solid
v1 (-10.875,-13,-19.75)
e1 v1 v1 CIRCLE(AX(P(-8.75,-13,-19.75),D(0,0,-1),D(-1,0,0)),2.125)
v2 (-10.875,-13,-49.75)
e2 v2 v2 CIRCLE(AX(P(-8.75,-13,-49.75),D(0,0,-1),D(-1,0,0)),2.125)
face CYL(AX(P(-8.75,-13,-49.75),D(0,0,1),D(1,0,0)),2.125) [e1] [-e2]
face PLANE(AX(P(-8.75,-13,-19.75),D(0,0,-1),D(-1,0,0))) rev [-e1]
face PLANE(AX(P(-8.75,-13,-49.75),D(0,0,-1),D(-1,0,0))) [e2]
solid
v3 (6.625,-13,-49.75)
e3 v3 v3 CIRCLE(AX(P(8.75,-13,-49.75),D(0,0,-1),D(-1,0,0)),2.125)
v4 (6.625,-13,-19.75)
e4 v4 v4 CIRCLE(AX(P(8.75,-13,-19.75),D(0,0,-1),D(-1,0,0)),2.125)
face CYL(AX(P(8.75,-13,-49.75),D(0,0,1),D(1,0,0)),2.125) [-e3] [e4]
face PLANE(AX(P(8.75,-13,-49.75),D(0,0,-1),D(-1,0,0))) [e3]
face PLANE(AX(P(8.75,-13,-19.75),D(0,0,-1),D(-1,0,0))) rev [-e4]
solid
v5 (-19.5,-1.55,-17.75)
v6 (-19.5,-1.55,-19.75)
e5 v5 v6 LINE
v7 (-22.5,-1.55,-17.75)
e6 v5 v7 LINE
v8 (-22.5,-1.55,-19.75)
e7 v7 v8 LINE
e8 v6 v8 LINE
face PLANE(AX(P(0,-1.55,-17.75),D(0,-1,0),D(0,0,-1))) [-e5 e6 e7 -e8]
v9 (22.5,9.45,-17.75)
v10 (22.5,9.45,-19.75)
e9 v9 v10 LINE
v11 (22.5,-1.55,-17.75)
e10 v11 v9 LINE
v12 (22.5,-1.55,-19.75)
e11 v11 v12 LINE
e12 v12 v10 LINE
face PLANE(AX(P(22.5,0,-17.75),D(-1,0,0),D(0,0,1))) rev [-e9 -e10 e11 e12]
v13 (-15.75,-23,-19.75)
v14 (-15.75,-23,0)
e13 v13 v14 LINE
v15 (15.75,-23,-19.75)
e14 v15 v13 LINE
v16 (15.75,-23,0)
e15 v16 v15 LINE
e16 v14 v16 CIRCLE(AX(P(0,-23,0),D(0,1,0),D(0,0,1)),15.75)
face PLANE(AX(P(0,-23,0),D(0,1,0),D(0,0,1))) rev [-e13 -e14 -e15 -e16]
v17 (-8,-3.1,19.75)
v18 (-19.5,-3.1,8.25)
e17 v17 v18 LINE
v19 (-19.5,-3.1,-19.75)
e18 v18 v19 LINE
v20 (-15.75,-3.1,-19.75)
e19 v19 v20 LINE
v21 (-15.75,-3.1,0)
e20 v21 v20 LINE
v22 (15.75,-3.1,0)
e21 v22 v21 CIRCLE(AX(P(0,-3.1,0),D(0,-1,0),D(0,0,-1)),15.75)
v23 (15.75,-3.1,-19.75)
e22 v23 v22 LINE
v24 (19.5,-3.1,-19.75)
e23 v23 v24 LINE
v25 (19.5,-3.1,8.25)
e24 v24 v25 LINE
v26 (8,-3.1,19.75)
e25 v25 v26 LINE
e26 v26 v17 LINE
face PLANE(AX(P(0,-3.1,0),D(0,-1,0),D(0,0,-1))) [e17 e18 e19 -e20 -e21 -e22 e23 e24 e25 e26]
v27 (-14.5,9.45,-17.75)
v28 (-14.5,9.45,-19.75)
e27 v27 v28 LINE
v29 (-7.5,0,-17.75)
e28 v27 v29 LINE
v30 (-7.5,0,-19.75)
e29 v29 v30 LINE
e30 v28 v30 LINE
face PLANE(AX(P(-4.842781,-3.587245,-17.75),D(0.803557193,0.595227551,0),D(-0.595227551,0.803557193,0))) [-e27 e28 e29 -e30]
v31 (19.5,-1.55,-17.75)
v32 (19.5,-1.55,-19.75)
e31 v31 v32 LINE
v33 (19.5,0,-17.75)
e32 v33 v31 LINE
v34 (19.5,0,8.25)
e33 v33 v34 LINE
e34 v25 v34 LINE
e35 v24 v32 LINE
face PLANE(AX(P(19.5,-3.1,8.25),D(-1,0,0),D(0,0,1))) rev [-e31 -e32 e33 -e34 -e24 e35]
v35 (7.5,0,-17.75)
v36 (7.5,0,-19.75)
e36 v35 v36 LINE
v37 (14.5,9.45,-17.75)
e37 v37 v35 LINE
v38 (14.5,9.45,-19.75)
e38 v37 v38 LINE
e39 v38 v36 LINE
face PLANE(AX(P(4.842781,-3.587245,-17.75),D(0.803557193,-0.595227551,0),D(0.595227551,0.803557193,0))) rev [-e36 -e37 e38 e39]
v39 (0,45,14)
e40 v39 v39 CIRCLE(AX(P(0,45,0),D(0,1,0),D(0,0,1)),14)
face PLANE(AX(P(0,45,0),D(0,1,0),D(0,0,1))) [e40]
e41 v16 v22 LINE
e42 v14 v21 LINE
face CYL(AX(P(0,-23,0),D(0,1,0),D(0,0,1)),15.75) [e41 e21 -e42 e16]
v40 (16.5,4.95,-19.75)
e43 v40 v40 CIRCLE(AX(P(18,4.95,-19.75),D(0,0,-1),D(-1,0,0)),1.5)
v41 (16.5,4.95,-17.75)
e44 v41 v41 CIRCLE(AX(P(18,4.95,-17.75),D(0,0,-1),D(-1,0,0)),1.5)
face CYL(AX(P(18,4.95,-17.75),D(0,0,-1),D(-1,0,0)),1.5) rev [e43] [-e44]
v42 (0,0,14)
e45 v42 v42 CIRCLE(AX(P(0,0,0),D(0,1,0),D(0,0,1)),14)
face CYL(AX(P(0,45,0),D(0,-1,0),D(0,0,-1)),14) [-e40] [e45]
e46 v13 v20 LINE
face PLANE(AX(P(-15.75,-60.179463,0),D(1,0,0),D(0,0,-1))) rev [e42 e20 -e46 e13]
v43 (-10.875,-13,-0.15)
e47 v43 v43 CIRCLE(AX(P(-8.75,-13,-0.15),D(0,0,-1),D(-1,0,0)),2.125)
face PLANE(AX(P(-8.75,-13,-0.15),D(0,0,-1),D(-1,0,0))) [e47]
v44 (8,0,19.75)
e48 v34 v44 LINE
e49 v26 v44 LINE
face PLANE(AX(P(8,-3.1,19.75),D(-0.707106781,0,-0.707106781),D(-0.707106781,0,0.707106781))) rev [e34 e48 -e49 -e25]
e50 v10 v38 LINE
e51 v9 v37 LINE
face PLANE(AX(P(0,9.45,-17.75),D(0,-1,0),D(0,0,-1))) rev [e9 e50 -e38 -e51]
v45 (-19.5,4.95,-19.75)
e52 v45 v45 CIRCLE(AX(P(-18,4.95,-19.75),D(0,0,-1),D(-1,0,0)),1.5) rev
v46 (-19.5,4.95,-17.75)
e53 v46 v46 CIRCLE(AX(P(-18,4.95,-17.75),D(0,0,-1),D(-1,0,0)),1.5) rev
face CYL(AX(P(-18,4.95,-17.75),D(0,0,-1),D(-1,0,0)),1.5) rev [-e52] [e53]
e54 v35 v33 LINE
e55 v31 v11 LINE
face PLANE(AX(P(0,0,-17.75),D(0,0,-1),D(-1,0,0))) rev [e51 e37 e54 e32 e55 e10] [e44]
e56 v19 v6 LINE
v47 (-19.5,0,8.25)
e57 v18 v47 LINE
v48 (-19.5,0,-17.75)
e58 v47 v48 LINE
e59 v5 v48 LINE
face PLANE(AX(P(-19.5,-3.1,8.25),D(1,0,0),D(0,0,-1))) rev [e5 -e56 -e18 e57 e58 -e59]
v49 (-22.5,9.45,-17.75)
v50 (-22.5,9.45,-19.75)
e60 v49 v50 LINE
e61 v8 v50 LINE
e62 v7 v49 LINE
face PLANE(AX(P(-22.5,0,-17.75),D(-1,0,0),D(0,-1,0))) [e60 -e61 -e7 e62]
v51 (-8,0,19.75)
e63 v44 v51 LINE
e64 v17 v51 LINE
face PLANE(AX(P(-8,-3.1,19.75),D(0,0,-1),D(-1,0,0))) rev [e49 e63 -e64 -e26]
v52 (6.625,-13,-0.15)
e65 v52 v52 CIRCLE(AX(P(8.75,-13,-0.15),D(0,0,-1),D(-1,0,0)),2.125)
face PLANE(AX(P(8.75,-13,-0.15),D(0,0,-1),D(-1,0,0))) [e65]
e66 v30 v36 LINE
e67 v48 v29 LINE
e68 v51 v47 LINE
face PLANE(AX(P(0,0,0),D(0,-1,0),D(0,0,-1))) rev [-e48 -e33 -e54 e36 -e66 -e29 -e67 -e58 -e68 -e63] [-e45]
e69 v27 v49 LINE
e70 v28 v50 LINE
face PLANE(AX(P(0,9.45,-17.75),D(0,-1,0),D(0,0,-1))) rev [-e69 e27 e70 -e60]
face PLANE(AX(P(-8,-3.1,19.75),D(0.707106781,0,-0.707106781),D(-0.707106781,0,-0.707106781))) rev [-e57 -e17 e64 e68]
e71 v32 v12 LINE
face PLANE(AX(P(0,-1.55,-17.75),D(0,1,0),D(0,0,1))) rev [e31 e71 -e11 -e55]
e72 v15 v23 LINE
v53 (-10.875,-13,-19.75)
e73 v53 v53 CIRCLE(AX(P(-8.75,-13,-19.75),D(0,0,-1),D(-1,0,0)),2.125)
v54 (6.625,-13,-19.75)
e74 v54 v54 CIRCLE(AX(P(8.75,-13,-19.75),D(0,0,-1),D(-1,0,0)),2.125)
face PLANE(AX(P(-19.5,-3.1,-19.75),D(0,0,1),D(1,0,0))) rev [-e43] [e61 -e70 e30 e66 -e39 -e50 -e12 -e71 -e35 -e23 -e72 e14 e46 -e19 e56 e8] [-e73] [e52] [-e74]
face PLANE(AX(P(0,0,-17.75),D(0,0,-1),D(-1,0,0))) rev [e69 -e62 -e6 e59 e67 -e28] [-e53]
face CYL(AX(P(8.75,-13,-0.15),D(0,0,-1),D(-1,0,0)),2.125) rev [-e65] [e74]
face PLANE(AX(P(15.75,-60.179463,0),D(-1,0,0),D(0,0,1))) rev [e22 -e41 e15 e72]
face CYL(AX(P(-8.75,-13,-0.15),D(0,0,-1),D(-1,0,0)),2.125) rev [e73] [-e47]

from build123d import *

# Parameters (mm, degrees)
SKETCH1_R             = 14
BOSS_EXTRUDE1_DEPTH   = 45
BOSS_EXTRUDE3_DEPTH   = 3.1
SKETCH4_R             = 15.75
BOSS_EXTRUDE4_DEPTH   = 23
SKETCH5_W             = 31.5
SKETCH5_H             = 19.75
BOSS_EXTRUDE5_DEPTH   = 19.9
SKETCH6_R             = 2.125
CUT_EXTRUDE1_DEPTH    = 19.6
SKETCH7_R             = 1.5
BOSS_EXTRUDE6_DEPTH   = 2
SKETCH6_2_R           = 2.125
BOSS_EXTRUDE7_DEPTH   = 30
BOSS_EXTRUDE7_2_DEPTH = 30


with BuildPart() as part:
    # Sketch1 → Boss-Extrude1 (new body)
    with BuildSketch(Plane(origin=(0, 0, 0), x_dir=(1, 0, 0), z_dir=(0, 1, 0))):
        Circle(SKETCH1_R)
    extrude(amount=BOSS_EXTRUDE1_DEPTH)

    # Sketch3 → Boss-Extrude3 (add)
    with BuildSketch(Plane.XZ):
        Polygon((-8, 19.75), (-19.5, 8.25), (-19.5, -19.75), (19.5, -19.75), (19.5, 8.25), (8, 19.75), align=None)
    extrude(amount=BOSS_EXTRUDE3_DEPTH)

    # Sketch4 → Boss-Extrude4 (add)
    with BuildSketch(Plane(origin=(0, 0, 0), x_dir=(1, 0, 0), z_dir=(0, 1, 0))):
        Circle(SKETCH4_R)
    extrude(amount=-BOSS_EXTRUDE4_DEPTH)

    # Sketch5 → Boss-Extrude5 (add)
    with BuildSketch(Plane.XZ.offset(3.1)):
        with Locations((0, -9.875)):
            Rectangle(SKETCH5_W, SKETCH5_H)
    extrude(amount=BOSS_EXTRUDE5_DEPTH)

    # Sketch6 → Cut-Extrude1 (cut)
    with BuildSketch(Plane(origin=(0, 0, -19.75), x_dir=(-1, 0, 0), z_dir=(0, 0, -1))):
        with Locations((-8.75, -13)):
            Circle(SKETCH6_R)
        with Locations((8.75, -13)):
            Circle(SKETCH6_R)
    extrude(amount=-CUT_EXTRUDE1_DEPTH, mode=Mode.SUBTRACT)

    # Sketch7 → Boss-Extrude6 (add)
    with BuildSketch(Plane(origin=(0, 0, -19.75), x_dir=(-1, 0, 0), z_dir=(0, 0, -1))):
        Polygon((-22.5, -1.55), (-19.5, -1.55), (-19.5, 0), (-7.5, 0), (-14.5, 9.45), (-18, 9.45), (-22.5, 9.45), align=None)
        with Locations((-18, 4.95)):
            Circle(SKETCH7_R, mode=Mode.SUBTRACT)
        Polygon((14.5, 9.45), (7.5, 0), (19.5, 0), (19.5, -1.55), (22.5, -1.55), (22.5, 9.45), (18, 9.45), align=None)
        with Locations((18, 4.95)):
            Circle(SKETCH7_R, mode=Mode.SUBTRACT)
    extrude(amount=-BOSS_EXTRUDE6_DEPTH)


with BuildPart() as body_2:
    # Sketch6<2> → Boss-Extrude7 (new body)
    with BuildSketch(Plane(origin=(0, 0, -19.75), x_dir=(-1, 0, 0), z_dir=(0, 0, -1))):
        with Locations((-8.75, -13)):
            Circle(SKETCH6_2_R)
    extrude(amount=BOSS_EXTRUDE7_DEPTH)


with BuildPart() as body_3:
    # Sketch6<2> → Boss-Extrude7 2 (new body)
    with BuildSketch(Plane(origin=(0, 0, -19.75), x_dir=(-1, 0, 0), z_dir=(0, 0, -1))):
        with Locations((8.75, -13)):
            Circle(SKETCH6_2_R)
    extrude(amount=BOSS_EXTRUDE7_2_DEPTH)


solid = Compound([part.part, body_2.part, body_3.part])
